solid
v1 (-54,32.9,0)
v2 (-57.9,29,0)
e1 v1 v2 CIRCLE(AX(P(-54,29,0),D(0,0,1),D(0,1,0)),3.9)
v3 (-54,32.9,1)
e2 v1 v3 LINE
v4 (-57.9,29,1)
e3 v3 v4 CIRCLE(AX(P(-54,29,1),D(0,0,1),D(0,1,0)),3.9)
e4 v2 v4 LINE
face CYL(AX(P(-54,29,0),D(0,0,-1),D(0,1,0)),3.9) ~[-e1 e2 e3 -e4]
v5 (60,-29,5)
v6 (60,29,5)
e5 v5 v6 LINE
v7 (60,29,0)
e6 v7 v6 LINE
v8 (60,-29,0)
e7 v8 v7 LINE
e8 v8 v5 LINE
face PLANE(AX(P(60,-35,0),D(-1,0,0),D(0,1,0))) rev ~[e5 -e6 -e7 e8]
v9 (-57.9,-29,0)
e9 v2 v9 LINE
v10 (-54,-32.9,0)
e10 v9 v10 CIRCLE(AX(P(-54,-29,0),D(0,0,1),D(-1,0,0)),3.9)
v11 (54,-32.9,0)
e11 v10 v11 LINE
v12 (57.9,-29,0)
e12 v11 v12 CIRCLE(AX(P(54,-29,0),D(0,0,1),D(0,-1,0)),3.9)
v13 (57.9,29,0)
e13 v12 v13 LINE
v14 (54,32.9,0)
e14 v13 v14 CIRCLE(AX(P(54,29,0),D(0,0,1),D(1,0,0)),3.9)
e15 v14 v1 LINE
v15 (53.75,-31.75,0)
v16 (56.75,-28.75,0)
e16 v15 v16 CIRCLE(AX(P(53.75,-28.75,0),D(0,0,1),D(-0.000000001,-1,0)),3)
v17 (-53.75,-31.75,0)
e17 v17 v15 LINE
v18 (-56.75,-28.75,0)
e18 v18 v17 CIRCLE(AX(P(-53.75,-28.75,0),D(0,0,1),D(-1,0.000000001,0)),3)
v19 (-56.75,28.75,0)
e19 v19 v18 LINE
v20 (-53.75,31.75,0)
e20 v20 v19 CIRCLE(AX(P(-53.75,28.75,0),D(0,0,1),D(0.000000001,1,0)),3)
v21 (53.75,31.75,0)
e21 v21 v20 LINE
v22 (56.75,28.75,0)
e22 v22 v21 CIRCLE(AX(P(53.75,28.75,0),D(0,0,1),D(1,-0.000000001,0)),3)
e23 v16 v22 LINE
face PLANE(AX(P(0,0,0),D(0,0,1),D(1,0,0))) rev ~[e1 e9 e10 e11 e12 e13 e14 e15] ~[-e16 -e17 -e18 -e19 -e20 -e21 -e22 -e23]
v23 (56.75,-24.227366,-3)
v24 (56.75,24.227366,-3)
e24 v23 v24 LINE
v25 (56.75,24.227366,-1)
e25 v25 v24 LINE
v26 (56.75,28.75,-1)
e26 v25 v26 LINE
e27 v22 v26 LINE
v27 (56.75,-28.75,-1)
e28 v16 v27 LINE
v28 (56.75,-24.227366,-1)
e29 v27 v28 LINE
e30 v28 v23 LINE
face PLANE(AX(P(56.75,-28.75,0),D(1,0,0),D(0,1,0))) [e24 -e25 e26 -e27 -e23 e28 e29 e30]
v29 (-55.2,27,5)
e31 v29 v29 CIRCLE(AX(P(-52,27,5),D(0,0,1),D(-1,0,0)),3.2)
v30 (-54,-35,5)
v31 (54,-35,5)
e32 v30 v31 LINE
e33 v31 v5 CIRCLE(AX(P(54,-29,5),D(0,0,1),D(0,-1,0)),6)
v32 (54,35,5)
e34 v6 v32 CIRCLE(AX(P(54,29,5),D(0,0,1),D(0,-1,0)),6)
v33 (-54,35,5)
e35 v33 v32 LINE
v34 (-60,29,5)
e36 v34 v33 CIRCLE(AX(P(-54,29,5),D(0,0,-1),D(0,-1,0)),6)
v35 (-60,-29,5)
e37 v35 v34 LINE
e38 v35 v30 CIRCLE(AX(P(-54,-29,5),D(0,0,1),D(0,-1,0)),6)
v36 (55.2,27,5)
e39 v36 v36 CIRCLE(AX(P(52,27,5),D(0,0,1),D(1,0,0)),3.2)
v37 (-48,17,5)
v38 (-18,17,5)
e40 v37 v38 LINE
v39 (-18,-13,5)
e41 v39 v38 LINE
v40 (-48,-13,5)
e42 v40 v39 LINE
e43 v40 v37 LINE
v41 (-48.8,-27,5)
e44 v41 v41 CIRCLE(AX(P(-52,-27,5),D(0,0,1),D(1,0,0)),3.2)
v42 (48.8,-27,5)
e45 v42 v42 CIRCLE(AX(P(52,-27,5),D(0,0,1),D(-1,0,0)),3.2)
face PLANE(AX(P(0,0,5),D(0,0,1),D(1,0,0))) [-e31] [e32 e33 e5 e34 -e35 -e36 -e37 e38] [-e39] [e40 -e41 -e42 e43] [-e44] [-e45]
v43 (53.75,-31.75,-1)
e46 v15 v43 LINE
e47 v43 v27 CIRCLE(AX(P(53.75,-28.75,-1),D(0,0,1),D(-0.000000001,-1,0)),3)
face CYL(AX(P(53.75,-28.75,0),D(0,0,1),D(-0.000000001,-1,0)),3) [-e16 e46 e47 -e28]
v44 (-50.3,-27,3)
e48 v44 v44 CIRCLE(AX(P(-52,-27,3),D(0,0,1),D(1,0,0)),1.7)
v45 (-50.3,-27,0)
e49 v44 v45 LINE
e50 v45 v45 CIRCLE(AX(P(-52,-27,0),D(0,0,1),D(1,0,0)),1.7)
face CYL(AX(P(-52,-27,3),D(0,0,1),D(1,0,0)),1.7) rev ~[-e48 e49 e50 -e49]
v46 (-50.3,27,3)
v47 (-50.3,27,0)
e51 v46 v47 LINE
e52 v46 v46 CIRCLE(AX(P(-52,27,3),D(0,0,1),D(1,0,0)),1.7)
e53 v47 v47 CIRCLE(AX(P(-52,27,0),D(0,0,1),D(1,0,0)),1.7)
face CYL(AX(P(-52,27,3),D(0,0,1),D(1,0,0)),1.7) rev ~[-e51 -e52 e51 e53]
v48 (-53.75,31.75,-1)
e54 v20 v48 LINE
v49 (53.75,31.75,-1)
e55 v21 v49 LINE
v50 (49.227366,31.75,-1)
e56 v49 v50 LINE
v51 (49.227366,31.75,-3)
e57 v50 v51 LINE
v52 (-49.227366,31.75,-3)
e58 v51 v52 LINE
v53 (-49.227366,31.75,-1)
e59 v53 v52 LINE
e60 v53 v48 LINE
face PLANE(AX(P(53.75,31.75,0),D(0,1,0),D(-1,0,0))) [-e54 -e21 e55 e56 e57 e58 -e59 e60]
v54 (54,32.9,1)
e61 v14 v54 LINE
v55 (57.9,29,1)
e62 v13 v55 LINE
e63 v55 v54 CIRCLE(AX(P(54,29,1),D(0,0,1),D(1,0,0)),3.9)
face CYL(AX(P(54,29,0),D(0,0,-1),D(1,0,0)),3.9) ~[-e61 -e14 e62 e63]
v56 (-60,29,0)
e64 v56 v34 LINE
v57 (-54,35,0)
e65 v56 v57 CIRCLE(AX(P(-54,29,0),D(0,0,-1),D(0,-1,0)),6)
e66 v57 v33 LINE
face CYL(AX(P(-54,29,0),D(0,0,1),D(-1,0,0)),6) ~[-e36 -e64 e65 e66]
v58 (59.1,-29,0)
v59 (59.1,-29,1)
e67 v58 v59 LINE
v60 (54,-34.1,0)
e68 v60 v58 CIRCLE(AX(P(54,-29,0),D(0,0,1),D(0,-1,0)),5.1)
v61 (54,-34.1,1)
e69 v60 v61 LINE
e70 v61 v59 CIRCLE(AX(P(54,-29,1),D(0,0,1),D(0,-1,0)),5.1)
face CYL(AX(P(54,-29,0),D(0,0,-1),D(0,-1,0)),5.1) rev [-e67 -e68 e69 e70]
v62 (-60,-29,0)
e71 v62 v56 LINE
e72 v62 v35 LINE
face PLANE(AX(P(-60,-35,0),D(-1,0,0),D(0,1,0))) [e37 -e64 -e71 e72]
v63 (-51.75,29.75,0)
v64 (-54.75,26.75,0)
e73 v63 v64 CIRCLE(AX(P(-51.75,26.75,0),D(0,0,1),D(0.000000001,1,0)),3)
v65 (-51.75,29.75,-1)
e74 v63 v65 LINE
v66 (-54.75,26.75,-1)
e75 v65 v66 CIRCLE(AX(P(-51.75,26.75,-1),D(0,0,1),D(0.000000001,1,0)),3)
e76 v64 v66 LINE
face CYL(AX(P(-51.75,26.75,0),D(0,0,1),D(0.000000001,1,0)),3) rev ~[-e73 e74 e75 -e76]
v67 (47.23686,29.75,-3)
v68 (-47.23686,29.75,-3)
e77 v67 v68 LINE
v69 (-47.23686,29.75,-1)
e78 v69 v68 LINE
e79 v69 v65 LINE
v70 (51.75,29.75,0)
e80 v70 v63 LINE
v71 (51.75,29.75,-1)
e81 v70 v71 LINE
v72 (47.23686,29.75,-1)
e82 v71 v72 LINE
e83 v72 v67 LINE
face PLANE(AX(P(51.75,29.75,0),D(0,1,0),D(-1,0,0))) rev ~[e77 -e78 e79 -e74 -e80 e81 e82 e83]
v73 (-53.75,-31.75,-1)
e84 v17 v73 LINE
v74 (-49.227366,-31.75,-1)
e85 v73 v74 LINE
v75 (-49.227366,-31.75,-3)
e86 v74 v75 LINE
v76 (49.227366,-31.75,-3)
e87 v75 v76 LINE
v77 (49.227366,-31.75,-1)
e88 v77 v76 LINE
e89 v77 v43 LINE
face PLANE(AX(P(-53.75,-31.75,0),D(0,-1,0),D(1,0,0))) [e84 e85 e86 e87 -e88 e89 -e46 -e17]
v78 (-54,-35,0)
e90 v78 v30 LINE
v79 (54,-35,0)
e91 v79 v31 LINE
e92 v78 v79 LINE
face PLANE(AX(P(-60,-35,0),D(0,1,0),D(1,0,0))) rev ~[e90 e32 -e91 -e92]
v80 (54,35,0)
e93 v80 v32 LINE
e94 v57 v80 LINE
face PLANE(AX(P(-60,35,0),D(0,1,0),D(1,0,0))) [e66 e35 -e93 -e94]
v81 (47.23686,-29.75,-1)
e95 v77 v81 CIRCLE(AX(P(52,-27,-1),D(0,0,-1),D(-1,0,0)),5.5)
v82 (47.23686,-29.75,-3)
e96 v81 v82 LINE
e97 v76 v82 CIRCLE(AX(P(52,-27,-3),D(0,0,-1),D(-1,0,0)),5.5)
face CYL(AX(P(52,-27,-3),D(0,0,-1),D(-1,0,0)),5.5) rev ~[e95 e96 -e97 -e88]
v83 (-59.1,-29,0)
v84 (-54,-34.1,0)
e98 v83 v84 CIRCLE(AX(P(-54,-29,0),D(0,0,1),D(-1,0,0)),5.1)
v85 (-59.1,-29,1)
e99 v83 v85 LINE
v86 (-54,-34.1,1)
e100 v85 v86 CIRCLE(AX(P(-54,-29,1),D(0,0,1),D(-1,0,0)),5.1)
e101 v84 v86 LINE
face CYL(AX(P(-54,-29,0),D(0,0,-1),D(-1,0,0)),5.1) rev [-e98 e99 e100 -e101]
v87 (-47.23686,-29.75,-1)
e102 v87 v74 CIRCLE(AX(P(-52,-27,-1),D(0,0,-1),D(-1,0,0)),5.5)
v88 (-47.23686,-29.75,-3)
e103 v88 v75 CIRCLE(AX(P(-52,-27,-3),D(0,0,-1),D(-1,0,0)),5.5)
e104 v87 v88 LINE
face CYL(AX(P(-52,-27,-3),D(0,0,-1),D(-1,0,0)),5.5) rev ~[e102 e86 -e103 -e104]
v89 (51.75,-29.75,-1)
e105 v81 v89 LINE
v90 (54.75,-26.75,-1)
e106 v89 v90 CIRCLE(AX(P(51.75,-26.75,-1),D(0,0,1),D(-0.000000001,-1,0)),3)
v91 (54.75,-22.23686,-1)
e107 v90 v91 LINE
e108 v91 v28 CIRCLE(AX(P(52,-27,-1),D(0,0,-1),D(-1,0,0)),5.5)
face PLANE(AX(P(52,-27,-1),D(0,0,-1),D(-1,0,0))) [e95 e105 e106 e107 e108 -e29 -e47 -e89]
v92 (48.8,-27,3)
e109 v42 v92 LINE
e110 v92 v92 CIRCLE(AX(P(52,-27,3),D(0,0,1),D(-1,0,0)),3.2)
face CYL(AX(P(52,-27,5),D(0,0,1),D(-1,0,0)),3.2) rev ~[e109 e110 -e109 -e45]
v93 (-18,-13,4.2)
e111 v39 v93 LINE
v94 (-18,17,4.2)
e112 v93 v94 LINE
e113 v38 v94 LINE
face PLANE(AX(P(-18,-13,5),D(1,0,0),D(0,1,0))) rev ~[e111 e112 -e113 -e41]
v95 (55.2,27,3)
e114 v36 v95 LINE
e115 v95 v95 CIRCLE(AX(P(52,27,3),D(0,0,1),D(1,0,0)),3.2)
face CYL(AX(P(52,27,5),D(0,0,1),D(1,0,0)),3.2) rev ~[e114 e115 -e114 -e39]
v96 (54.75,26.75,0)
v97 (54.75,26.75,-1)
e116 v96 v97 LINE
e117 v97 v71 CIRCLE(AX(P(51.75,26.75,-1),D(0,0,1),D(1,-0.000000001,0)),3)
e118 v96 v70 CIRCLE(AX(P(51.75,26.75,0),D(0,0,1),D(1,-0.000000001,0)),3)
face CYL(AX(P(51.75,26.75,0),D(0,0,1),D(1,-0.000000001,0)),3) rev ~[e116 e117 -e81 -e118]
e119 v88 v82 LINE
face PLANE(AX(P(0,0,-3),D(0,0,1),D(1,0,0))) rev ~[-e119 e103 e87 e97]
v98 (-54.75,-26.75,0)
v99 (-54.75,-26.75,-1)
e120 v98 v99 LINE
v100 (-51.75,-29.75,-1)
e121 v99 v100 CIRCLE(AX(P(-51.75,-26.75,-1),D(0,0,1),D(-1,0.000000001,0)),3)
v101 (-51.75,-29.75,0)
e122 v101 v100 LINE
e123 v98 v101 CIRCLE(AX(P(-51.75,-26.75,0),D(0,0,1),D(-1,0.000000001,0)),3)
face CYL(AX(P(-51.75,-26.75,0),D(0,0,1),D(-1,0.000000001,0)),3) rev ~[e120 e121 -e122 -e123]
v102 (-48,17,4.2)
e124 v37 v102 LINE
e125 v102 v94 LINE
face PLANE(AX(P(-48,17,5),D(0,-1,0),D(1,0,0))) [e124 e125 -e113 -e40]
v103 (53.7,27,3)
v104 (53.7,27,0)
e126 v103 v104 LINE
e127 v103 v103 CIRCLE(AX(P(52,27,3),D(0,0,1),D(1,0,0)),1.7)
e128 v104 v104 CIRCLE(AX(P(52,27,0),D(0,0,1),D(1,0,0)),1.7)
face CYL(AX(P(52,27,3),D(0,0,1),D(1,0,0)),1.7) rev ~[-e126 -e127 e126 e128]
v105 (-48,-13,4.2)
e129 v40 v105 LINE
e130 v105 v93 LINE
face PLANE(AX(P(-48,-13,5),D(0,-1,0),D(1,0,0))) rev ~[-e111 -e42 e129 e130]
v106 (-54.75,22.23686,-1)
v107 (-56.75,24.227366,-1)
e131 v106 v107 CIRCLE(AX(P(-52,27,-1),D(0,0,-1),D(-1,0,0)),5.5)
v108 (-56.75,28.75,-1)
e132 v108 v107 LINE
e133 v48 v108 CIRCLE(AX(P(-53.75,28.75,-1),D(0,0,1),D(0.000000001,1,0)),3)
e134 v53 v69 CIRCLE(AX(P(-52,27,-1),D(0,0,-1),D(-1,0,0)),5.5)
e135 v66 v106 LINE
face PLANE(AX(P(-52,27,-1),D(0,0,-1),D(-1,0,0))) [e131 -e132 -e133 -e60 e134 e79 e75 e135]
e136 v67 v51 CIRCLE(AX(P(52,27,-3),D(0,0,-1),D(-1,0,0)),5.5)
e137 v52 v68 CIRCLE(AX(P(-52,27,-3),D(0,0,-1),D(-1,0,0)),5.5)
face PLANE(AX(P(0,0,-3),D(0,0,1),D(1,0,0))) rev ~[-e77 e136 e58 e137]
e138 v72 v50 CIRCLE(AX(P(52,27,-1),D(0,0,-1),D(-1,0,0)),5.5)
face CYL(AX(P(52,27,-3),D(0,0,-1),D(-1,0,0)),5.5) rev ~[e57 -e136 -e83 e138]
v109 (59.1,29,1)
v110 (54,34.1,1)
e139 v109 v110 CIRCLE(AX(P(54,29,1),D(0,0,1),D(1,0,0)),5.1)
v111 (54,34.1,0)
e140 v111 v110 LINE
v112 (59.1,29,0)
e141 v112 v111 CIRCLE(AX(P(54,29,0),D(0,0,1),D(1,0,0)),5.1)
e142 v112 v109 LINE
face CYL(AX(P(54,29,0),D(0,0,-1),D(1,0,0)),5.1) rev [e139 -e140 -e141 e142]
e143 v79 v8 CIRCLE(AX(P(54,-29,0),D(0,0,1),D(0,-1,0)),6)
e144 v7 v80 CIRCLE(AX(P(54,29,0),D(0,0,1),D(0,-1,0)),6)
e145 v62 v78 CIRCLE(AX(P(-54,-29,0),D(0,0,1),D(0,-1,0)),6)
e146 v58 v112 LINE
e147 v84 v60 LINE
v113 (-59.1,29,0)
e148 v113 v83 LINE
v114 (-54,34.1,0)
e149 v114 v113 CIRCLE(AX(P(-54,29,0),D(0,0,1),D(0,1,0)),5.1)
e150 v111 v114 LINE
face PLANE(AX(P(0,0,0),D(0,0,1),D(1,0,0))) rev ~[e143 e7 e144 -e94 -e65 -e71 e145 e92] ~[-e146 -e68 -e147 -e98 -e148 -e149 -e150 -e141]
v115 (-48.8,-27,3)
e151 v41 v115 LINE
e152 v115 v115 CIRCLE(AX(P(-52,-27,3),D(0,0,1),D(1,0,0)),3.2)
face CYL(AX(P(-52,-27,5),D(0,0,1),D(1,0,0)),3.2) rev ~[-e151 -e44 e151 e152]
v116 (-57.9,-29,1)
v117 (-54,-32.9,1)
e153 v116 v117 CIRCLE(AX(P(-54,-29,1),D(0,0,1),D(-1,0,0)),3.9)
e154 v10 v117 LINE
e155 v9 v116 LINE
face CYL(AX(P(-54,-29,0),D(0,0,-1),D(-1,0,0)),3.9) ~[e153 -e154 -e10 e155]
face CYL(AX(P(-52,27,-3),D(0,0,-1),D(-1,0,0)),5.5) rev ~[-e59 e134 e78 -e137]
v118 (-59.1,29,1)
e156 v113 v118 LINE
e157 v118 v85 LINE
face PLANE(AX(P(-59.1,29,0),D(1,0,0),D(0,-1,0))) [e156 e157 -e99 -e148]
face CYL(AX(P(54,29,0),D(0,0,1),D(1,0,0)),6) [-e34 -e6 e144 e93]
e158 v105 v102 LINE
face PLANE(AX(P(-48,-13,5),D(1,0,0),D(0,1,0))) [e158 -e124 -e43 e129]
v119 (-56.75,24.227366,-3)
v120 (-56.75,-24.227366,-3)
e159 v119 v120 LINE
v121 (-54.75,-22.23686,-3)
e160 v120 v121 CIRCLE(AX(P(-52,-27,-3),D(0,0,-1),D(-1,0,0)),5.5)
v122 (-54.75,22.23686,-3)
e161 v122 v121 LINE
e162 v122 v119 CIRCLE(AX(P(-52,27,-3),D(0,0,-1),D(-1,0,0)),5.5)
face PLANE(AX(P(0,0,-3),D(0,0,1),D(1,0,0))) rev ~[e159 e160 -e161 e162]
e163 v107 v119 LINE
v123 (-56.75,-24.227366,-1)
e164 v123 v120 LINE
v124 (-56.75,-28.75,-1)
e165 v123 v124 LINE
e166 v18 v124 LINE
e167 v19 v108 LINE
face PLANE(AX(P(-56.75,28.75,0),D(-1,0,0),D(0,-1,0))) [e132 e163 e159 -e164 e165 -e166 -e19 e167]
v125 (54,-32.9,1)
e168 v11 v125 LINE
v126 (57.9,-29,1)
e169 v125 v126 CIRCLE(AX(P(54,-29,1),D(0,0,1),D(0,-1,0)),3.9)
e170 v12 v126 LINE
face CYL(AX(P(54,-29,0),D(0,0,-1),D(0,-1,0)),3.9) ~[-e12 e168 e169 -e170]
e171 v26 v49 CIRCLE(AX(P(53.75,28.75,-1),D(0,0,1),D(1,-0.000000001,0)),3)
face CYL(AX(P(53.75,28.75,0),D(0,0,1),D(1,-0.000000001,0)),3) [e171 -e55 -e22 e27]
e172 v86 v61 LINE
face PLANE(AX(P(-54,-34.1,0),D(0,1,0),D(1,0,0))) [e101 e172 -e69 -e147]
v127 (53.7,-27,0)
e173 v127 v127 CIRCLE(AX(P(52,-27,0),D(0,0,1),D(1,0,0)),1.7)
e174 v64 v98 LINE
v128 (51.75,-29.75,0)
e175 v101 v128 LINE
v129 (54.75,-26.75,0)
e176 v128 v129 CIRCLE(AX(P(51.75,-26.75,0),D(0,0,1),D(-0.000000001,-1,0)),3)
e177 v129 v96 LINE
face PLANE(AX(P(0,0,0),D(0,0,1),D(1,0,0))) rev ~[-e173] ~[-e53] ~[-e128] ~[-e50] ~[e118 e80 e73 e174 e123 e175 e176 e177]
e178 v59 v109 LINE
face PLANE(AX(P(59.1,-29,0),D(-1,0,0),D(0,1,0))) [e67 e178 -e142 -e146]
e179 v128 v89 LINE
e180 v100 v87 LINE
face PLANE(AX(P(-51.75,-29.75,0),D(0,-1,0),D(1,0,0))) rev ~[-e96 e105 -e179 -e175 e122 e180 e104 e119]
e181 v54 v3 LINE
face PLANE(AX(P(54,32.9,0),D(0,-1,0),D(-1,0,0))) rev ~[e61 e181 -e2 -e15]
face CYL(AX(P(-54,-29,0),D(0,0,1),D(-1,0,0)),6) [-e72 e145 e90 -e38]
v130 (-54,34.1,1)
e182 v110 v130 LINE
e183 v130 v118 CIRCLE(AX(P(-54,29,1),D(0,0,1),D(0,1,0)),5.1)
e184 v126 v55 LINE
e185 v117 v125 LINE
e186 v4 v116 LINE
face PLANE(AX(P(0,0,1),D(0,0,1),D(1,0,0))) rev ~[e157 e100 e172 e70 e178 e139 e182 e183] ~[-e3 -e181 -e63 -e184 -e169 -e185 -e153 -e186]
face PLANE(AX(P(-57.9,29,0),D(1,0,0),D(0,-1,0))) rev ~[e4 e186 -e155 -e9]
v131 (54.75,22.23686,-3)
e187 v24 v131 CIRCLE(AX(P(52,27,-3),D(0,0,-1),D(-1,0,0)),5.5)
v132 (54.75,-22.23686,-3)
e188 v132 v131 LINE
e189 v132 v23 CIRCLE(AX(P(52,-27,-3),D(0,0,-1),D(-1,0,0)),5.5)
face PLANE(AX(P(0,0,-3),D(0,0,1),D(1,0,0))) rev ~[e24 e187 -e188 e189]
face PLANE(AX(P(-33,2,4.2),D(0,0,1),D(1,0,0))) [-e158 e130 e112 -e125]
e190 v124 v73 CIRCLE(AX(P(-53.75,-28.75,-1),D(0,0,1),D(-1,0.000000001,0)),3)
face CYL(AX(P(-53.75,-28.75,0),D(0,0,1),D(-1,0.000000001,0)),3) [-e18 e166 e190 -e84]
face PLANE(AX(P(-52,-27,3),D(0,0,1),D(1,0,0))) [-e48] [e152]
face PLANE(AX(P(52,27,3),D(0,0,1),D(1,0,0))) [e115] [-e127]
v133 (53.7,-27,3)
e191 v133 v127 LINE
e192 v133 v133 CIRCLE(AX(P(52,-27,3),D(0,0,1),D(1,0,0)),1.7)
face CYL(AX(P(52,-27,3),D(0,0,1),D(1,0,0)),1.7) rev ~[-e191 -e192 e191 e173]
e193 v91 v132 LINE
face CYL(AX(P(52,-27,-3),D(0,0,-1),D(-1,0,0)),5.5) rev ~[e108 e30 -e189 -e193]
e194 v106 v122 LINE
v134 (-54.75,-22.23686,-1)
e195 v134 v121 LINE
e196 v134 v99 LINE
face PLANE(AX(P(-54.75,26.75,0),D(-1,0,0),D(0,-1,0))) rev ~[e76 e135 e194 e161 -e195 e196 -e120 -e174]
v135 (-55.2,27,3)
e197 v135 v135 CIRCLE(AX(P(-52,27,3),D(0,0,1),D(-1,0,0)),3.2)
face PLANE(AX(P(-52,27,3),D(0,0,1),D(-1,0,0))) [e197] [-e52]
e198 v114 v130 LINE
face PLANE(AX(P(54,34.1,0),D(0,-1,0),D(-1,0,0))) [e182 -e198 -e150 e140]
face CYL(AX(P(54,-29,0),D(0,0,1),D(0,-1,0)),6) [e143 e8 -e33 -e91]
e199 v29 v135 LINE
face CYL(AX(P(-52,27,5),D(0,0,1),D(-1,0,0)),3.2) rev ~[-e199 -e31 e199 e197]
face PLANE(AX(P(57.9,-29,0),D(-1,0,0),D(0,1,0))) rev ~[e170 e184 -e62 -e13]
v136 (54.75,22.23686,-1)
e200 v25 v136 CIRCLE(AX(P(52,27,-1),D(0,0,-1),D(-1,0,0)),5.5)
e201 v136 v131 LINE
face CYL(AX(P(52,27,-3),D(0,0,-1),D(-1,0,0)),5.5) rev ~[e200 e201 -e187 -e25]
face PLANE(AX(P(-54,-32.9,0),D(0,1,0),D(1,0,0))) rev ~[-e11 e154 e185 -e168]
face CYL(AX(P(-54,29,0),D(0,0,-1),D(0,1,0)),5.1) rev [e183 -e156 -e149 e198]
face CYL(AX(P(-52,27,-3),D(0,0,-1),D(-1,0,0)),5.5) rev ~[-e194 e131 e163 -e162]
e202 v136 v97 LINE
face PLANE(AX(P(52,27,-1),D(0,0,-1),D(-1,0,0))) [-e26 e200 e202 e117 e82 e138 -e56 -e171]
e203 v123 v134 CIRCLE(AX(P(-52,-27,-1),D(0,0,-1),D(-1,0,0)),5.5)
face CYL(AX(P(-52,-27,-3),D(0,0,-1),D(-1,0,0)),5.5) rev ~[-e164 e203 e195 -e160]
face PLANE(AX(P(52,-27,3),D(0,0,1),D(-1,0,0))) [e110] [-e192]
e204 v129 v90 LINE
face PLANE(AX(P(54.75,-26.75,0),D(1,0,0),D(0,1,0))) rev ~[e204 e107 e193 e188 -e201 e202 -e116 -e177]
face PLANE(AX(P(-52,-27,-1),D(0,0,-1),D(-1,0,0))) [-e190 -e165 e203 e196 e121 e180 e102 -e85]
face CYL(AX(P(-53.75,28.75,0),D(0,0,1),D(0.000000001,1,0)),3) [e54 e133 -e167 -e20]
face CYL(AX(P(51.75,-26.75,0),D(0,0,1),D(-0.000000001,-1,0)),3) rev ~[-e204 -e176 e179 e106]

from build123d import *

# Parameters (mm, degrees)
SKETCH1_W           = 120
SKETCH1_H           = 70
BOSS_EXTRUDE1_DEPTH = 5
FILLET1_R           = 6
BOSS_EXTRUDE2_DEPTH = 3
SKETCH3_R           = 5.5
CUT_EXTRUDE1_DEPTH  = 2
SKETCH4_R           = 3.2
CUT_EXTRUDE2_DEPTH  = 2
SKETCH5_R           = 1.7
CUT_EXTRUDE3_DEPTH  = 70.720872054
CUT_EXTRUDE4_DEPTH  = 1
SKETCH7_W           = 30
SKETCH7_H           = 30
CUT_EXTRUDE5_DEPTH  = 0.8


with BuildPart() as part:
    # Sketch1 → Boss-Extrude1 (new body)
    with BuildSketch(Plane.XY):
        Rectangle(SKETCH1_W, SKETCH1_H)
    extrude(amount=BOSS_EXTRUDE1_DEPTH)

    # Fillet1
    fillet1_edges = [part.edges().sort_by_distance(p)[0] for p in [
        (-60, 35, 2.5),
        (60, 35, 2.5),
        (60, -35, 2.5),
        (-60, -35, 2.5),
    ]]
    fillet(fillet1_edges, radius=FILLET1_R)

    # Sketch2 → Boss-Extrude2 (add)
    with BuildSketch(Plane(origin=(0, 0, 0), x_dir=(-1, 0, 0), z_dir=(0, 0, -1))):
        with BuildLine():
            Line((-53.75, 31.75), (53.75, 31.75))
            ThreePointArc((53.75, 31.75), (55.871320344, 30.871320344), (56.75, 28.75))
            Line((56.75, 28.75), (56.75, -28.75))
            ThreePointArc((56.75, -28.75), (55.871320344, -30.871320344), (53.75, -31.75))
            Line((53.75, -31.75), (-53.75, -31.75))
            ThreePointArc((-53.75, -31.75), (-55.871320344, -30.871320344), (-56.75, -28.75))
            Line((-56.75, -28.75), (-56.75, 28.75))
            ThreePointArc((-56.75, 28.75), (-55.871320344, 30.871320344), (-53.75, 31.75))
        make_face()
        with BuildLine():
            Line((-51.75, 29.75), (51.75, 29.75))
            ThreePointArc((51.75, 29.75), (53.871320344, 28.871320344), (54.75, 26.75))
            Line((54.75, 26.75), (54.75, -26.75))
            ThreePointArc((54.75, -26.75), (53.871320344, -28.871320344), (51.75, -29.75))
            Line((51.75, -29.75), (-51.75, -29.75))
            ThreePointArc((-51.75, -29.75), (-53.871320344, -28.871320344), (-54.75, -26.75))
            Line((-54.75, -26.75), (-54.75, 26.75))
            ThreePointArc((-54.75, 26.75), (-53.871320344, 28.871320344), (-51.75, 29.75))
        make_face(mode=Mode.SUBTRACT)
    extrude(amount=BOSS_EXTRUDE2_DEPTH)

    # Sketch3 → Cut-Extrude1 (cut)
    with BuildSketch(Plane(origin=(0, 0, -3), x_dir=(-1, 0, 0), z_dir=(0, 0, -1))):
        with Locations((-52, 27)):
            Circle(SKETCH3_R)
        with Locations((-52, -27)):
            Circle(SKETCH3_R)
        with Locations((52, -27)):
            Circle(SKETCH3_R)
        with Locations((52, 27)):
            Circle(SKETCH3_R)
    extrude(amount=-CUT_EXTRUDE1_DEPTH, mode=Mode.SUBTRACT)

    # Sketch4 → Cut-Extrude2 (cut)
    with BuildSketch(Plane.XY.offset(5)):
        with Locations((52, 27)):
            Circle(SKETCH4_R)
        with Locations(Location((52, -27, 0), (0, 0, 180))):
            Circle(SKETCH4_R)
        with Locations((-52, -27)):
            Circle(SKETCH4_R)
        with Locations(Location((-52, 27, 0), (0, 0, 180))):
            Circle(SKETCH4_R)
    extrude(amount=-CUT_EXTRUDE2_DEPTH, mode=Mode.SUBTRACT)

    # Sketch5 → Cut-Extrude3 (cut, through all)
    with BuildSketch(Plane.XY.offset(3)):
        with Locations((52, 27)):
            Circle(SKETCH5_R)
        with Locations((52, -27)):
            Circle(SKETCH5_R)
        with Locations((-52, -27)):
            Circle(SKETCH5_R)
        with Locations((-52, 27)):
            Circle(SKETCH5_R)
    extrude(amount=-CUT_EXTRUDE3_DEPTH, mode=Mode.SUBTRACT)

    # Sketch6 → Cut-Extrude4 (cut)
    with BuildSketch(Plane(origin=(0, 0, 0), x_dir=(-1, 0, 0), z_dir=(0, 0, -1))):
        with BuildLine():
            Line((-54, 34.1), (54, 34.1))
            ThreePointArc((54, 34.1), (57.606244584, 32.606244584), (59.1, 29))
            Line((59.1, 29), (59.1, -29))
            ThreePointArc((59.1, -29), (57.606244584, -32.606244584), (54, -34.1))
            Line((54, -34.1), (-54, -34.1))
            ThreePointArc((-54, -34.1), (-57.606244584, -32.606244584), (-59.1, -29))
            Line((-59.1, -29), (-59.1, 29))
            ThreePointArc((-59.1, 29), (-57.606244584, 32.606244584), (-54, 34.1))
        make_face()
        with BuildLine():
            Line((-54, 32.9), (54, 32.9))
            ThreePointArc((54, 32.9), (56.757716447, 31.757716447), (57.9, 29))
            Line((57.9, 29), (57.9, -29))
            ThreePointArc((57.9, -29), (56.757716447, -31.757716447), (54, -32.9))
            Line((54, -32.9), (-54, -32.9))
            ThreePointArc((-54, -32.9), (-56.757716447, -31.757716447), (-57.9, -29))
            Line((-57.9, -29), (-57.9, 29))
            ThreePointArc((-57.9, 29), (-56.757716447, 31.757716447), (-54, 32.9))
        make_face(mode=Mode.SUBTRACT)
    extrude(amount=-CUT_EXTRUDE4_DEPTH, mode=Mode.SUBTRACT)

    # Sketch7 → Cut-Extrude5 (cut)
    with BuildSketch(Plane.XY.offset(5)):
        with Locations((-33, 2)):
            Rectangle(SKETCH7_W, SKETCH7_H)
    extrude(amount=-CUT_EXTRUDE5_DEPTH, mode=Mode.SUBTRACT)


solid = part.part
